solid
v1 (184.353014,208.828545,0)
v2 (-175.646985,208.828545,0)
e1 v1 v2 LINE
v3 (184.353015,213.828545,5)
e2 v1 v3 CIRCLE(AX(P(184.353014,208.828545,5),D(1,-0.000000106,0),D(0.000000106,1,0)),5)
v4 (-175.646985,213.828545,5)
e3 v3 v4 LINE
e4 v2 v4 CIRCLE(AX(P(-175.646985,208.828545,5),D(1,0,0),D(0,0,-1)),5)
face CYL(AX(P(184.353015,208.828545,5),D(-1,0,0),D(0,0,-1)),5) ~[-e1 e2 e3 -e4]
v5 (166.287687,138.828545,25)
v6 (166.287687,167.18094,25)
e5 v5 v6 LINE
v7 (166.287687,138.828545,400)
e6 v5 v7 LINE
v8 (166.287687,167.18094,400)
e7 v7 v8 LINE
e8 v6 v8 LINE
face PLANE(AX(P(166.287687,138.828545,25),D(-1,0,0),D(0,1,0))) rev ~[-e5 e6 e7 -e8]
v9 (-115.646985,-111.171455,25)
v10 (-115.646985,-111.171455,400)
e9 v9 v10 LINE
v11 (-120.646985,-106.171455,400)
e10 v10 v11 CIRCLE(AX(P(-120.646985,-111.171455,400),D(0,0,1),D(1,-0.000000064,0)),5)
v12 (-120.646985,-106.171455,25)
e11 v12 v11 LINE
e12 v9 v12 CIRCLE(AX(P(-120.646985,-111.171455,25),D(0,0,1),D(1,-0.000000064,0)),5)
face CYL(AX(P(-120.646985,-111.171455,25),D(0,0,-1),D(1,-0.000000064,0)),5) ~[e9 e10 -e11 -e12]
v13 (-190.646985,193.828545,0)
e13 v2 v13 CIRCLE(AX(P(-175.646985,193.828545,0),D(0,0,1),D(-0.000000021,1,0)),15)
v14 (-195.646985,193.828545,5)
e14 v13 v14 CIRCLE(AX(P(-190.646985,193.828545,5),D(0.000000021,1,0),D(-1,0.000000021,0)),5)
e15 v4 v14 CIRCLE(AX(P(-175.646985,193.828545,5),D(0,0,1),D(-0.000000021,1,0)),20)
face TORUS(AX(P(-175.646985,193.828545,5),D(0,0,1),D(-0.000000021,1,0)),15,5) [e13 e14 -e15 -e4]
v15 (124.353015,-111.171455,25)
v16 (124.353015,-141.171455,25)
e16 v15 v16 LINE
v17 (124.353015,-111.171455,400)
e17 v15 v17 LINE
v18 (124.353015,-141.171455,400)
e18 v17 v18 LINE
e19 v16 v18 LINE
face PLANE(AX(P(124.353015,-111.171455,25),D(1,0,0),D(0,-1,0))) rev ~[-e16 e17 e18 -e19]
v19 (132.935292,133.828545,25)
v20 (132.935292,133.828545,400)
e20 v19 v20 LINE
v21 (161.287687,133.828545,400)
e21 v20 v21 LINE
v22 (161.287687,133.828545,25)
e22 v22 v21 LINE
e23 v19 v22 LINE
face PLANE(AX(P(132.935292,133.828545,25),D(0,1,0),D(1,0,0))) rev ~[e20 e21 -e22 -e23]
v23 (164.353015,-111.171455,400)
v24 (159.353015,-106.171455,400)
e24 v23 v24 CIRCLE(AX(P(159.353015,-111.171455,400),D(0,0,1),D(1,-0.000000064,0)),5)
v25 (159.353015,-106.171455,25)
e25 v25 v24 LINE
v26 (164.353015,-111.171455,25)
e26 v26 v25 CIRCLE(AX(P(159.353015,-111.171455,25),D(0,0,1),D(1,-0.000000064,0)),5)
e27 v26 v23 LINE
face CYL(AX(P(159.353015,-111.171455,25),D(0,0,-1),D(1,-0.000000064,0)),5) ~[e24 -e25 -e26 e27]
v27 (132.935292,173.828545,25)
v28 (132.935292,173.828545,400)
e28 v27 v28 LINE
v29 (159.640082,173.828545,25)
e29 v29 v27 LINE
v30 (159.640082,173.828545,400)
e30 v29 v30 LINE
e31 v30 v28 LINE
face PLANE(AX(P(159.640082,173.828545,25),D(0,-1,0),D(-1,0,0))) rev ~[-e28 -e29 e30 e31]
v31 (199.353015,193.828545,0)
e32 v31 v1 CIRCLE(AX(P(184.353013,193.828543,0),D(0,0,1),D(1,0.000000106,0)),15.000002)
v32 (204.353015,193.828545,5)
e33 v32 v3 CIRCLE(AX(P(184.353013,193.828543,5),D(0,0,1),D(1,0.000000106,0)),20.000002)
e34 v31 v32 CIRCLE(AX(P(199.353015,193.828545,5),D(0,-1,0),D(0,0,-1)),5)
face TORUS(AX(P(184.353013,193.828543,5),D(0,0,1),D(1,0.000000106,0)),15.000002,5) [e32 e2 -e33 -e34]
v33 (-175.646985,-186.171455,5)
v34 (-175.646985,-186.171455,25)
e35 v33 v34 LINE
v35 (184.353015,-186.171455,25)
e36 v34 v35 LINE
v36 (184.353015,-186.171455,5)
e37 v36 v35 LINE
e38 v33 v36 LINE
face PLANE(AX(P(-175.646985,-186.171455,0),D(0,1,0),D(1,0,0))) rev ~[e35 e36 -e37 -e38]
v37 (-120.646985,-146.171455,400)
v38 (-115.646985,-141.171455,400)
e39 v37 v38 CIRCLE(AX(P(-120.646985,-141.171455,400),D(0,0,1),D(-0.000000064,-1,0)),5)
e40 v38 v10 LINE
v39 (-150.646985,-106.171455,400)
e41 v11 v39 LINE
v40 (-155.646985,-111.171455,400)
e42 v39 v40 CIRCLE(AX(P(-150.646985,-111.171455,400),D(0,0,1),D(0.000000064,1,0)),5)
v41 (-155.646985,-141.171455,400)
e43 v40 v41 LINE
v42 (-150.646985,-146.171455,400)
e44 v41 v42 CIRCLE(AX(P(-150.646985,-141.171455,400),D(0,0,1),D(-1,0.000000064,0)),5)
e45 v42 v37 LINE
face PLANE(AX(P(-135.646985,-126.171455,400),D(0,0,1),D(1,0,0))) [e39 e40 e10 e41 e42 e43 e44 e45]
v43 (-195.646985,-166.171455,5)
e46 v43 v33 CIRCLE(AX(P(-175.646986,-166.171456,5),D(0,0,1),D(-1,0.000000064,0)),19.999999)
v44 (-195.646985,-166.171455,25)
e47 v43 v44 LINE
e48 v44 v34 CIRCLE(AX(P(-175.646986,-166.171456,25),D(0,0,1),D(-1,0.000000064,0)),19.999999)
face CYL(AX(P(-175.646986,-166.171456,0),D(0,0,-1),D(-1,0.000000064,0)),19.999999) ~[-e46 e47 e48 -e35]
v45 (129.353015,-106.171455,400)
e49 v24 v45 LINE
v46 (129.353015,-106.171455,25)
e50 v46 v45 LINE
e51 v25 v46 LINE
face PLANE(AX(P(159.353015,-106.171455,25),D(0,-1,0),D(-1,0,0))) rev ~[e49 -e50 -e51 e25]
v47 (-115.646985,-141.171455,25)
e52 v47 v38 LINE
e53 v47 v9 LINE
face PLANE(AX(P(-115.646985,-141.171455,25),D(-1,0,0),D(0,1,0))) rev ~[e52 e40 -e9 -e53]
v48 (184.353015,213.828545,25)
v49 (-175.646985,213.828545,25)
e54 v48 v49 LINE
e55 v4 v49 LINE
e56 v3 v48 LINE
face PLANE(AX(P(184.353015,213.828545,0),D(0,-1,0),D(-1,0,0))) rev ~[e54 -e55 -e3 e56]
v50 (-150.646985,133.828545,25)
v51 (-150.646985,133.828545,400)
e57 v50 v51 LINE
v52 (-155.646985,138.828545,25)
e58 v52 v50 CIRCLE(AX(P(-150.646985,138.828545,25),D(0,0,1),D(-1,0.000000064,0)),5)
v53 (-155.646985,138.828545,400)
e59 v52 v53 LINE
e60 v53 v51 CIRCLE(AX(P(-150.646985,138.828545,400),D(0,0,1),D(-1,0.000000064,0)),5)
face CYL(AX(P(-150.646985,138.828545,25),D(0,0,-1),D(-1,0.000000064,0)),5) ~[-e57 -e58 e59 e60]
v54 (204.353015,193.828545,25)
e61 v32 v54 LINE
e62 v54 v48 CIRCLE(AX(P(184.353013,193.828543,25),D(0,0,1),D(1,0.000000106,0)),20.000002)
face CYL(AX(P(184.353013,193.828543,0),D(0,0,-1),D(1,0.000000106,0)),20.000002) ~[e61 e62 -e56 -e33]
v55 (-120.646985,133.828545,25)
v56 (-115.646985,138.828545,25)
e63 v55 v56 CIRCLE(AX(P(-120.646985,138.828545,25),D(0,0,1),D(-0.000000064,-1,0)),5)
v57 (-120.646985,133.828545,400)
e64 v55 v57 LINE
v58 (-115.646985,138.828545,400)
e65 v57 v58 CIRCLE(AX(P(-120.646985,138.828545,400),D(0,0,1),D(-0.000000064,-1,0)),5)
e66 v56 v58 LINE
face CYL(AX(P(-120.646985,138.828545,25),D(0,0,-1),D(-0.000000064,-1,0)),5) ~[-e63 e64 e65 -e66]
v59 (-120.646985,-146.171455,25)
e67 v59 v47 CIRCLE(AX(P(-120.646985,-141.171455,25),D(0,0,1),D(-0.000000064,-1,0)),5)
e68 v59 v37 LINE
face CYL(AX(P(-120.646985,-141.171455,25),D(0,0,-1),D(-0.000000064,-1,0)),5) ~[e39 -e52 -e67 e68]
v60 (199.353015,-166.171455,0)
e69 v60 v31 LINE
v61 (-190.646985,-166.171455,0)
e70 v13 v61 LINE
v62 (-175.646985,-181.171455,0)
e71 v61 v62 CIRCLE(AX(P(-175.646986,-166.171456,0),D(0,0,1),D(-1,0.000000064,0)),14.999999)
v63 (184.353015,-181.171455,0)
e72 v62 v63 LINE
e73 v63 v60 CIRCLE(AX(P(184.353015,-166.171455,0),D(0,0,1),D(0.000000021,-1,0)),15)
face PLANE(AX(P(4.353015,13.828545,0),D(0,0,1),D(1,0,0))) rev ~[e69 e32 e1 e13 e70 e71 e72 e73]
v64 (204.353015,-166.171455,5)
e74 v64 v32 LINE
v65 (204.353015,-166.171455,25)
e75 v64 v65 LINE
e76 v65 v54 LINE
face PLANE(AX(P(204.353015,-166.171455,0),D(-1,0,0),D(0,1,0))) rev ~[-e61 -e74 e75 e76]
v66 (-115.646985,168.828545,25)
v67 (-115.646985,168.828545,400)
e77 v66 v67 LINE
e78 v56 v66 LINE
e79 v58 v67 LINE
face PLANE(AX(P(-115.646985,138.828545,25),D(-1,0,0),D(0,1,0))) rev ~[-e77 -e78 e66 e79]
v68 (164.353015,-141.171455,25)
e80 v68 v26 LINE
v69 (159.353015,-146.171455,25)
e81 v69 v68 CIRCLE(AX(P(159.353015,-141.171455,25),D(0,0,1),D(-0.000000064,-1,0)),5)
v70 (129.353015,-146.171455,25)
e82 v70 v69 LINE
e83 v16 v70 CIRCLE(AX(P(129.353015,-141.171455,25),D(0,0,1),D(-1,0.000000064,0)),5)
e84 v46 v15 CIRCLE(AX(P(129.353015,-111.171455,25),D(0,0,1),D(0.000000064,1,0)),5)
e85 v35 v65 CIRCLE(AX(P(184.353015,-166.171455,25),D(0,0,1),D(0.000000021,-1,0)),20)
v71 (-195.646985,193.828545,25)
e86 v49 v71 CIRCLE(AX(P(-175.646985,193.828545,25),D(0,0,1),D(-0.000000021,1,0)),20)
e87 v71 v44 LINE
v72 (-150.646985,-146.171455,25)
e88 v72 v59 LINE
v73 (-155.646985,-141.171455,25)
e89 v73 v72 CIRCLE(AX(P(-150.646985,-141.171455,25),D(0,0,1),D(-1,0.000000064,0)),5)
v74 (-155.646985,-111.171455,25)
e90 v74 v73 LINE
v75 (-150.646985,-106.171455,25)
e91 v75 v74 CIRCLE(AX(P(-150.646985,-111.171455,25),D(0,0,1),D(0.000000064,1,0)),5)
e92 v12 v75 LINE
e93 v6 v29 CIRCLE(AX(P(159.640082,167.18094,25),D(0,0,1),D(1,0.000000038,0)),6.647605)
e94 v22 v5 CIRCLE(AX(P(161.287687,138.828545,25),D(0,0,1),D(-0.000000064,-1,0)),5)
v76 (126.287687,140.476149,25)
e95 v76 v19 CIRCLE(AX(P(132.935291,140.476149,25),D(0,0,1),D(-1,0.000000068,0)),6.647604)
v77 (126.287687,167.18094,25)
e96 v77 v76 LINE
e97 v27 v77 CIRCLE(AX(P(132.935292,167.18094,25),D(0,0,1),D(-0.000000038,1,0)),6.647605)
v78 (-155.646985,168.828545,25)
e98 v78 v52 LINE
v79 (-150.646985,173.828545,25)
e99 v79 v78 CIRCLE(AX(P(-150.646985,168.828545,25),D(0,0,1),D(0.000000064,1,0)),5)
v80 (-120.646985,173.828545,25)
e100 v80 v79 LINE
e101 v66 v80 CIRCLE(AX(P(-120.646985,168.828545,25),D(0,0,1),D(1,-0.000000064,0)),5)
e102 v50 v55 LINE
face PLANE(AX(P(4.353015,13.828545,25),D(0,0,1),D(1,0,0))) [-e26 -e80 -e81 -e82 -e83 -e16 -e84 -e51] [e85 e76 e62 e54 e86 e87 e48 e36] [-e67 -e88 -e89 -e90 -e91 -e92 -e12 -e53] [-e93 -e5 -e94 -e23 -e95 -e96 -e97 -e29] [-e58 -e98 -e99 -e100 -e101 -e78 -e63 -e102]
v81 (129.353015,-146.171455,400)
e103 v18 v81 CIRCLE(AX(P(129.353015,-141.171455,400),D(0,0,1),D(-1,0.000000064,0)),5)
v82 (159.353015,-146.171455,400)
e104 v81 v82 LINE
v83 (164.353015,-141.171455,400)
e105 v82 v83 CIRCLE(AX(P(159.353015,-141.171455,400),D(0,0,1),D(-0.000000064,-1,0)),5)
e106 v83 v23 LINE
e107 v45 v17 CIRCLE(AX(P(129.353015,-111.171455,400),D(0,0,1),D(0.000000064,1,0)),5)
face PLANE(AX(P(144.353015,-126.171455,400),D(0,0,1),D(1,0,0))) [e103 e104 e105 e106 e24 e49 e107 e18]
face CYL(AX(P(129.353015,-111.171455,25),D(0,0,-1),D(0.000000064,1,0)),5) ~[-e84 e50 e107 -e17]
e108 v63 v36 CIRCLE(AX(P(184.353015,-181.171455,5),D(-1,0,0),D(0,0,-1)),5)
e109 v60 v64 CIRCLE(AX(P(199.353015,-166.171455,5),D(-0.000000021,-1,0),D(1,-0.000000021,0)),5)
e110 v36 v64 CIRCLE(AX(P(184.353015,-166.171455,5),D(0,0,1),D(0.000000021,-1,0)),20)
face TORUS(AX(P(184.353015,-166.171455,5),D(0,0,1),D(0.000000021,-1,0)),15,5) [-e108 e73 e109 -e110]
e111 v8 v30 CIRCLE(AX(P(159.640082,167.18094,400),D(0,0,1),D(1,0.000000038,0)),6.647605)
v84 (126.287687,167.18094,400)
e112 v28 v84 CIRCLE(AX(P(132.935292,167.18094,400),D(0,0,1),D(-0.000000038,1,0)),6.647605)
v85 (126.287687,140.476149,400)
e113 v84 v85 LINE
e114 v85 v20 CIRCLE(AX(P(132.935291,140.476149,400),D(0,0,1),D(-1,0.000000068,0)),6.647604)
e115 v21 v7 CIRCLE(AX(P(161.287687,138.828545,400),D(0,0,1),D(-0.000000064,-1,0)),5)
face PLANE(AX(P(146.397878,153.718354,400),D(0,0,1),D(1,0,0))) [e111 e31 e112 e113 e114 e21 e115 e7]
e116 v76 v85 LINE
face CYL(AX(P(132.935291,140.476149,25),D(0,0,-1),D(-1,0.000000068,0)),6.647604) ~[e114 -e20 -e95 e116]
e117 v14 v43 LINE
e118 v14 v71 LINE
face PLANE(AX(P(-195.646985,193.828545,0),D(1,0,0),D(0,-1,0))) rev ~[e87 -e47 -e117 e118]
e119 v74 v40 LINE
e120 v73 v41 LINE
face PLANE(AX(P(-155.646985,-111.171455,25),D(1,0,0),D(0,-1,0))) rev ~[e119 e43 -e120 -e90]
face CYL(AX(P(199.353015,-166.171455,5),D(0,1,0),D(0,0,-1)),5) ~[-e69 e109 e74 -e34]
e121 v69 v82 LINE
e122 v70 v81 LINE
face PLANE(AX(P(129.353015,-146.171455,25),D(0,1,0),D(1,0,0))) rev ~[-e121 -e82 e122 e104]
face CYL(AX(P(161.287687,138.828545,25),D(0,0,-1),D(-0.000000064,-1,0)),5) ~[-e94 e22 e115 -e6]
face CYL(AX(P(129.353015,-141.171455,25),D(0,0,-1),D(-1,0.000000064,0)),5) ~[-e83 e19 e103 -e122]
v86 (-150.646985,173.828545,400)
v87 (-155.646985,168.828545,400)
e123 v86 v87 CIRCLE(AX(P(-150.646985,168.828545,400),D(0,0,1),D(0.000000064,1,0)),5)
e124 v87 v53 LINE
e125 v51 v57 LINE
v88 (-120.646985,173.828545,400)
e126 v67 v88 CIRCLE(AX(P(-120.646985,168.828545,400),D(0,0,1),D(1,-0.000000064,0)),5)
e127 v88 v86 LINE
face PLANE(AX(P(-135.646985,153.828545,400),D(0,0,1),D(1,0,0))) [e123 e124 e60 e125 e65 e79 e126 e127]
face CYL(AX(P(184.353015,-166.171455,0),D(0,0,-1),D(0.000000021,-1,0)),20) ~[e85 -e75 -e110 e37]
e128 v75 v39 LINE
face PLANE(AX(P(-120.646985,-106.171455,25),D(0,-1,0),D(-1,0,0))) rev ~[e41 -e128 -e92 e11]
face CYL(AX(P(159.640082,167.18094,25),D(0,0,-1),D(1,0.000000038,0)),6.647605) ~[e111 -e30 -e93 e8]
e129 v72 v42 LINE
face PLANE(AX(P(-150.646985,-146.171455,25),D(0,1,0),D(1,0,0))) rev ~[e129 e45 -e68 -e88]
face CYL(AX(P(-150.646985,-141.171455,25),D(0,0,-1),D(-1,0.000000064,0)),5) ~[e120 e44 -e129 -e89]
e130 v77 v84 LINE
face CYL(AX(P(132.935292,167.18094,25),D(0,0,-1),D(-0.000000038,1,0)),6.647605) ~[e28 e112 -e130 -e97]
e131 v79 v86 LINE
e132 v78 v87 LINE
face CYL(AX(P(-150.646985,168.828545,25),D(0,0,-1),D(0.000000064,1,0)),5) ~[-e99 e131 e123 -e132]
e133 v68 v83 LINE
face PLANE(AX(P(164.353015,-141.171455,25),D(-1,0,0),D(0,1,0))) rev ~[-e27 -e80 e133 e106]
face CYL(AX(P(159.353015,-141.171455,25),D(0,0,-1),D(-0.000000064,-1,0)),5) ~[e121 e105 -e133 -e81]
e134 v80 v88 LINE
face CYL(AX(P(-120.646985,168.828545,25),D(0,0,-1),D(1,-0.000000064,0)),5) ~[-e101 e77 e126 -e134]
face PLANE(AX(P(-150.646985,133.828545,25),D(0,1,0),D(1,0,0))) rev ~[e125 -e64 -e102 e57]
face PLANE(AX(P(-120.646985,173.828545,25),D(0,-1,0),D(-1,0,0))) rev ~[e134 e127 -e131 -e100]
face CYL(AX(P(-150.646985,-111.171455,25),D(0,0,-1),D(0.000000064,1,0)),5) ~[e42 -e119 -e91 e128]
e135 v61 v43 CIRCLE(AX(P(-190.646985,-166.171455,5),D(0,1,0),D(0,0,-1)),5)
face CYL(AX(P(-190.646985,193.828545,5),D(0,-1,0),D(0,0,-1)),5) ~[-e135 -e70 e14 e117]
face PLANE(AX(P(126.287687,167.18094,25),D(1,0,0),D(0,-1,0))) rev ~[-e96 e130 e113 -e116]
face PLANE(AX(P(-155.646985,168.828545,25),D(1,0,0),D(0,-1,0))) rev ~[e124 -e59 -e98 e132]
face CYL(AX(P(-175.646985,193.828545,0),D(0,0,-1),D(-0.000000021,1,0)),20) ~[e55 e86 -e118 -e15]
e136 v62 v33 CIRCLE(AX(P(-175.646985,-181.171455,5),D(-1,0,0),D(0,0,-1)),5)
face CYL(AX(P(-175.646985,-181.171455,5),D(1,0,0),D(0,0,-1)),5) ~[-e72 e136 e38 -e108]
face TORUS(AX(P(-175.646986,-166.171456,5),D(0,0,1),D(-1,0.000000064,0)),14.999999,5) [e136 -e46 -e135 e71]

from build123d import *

# Parameters (mm, degrees)
F1_DEPTH = 25
F6_DEPTH = 375
F7_R     = 5


with BuildPart() as f1:
    # F0 (on Top) → F1 (new body)
    with BuildSketch(Plane.XY):
        with BuildLine():
            Line((184.353015, 213.828545), (-175.646985, 213.828545))
            ThreePointArc((-175.646985, 213.828545), (-189.789121, 207.97068), (-195.646985, 193.828545))
            Line((-195.646985, 193.828545), (-195.646985, -166.171455))
            ThreePointArc((-195.646985, -166.171455), (-189.789121, -180.313591), (-175.646985, -186.171455))
            Line((-175.646985, -186.171455), (184.353015, -186.171455))
            ThreePointArc((184.353015, -186.171455), (198.49515, -180.313591), (204.353015, -166.171455))
            Line((204.353015, -166.171455), (204.353015, 193.828545))
            ThreePointArc((204.353015, 193.828545), (198.49515, 207.97068), (184.353015, 213.828545))
        make_face()
    extrude(amount=F1_DEPTH)

    # F2 (on face) + F3 (on face) + F4 (on face) + F5 (on face) → F6 (join)
    with BuildSketch(Plane.XY.offset(25)):
        with BuildLine():
            Line((-120.646985, 173.828545), (-150.646985, 173.828545))
            ThreePointArc((-150.646985, 173.828545), (-154.182519, 172.364079), (-155.646985, 168.828545))
            Line((-155.646985, 168.828545), (-155.646985, 138.828545))
            ThreePointArc((-155.646985, 138.828545), (-154.182519, 135.293011), (-150.646985, 133.828545))
            Line((-150.646985, 133.828545), (-120.646985, 133.828545))
            ThreePointArc((-120.646985, 133.828545), (-117.111451, 135.293011), (-115.646985, 138.828545))
            Line((-115.646985, 138.828545), (-115.646985, 168.828545))
            ThreePointArc((-115.646985, 168.828545), (-117.111451, 172.364079), (-120.646985, 173.828545))
        make_face()
    with BuildSketch(Plane.XY.offset(25)):
        with BuildLine():
            Line((-120.646985, -106.171455), (-150.646985, -106.171455))
            ThreePointArc((-150.646985, -106.171455), (-154.182519, -107.635921), (-155.646985, -111.171455))
            Line((-155.646985, -111.171455), (-155.646985, -141.171455))
            ThreePointArc((-155.646985, -141.171455), (-154.182519, -144.706989), (-150.646985, -146.171455))
            Line((-150.646985, -146.171455), (-120.646985, -146.171455))
            ThreePointArc((-120.646985, -146.171455), (-117.111451, -144.706989), (-115.646985, -141.171455))
            Line((-115.646985, -141.171455), (-115.646985, -111.171455))
            ThreePointArc((-115.646985, -111.171455), (-117.111451, -107.635921), (-120.646985, -106.171455))
        make_face()
    with BuildSketch(Plane.XY.offset(25)):
        with BuildLine():
            Line((159.640082, 173.828545), (132.935292, 173.828545))
            ThreePointArc((132.935292, 173.828545), (128.234725, 171.881506), (126.287687, 167.18094))
            Line((126.287687, 167.18094), (126.287687, 140.476149))
            ThreePointArc((126.287687, 140.476149), (128.234725, 135.775583), (132.935292, 133.828545))
            Line((132.935292, 133.828545), (161.287687, 133.828545))
            ThreePointArc((161.287687, 133.828545), (164.823221, 135.293011), (166.287687, 138.828545))
            Line((166.287687, 138.828545), (166.287687, 167.18094))
            ThreePointArc((166.287687, 167.18094), (164.340649, 171.881506), (159.640082, 173.828545))
        make_face()
    with BuildSketch(Plane.XY.offset(25)):
        with BuildLine():
            Line((159.353015, -106.171455), (129.353015, -106.171455))
            ThreePointArc((129.353015, -106.171455), (125.817481, -107.635921), (124.353015, -111.171455))
            Line((124.353015, -111.171455), (124.353015, -141.171455))
            ThreePointArc((124.353015, -141.171455), (125.817481, -144.706989), (129.353015, -146.171455))
            Line((129.353015, -146.171455), (159.353015, -146.171455))
            ThreePointArc((159.353015, -146.171455), (162.888549, -144.706989), (164.353015, -141.171455))
            Line((164.353015, -141.171455), (164.353015, -111.171455))
            ThreePointArc((164.353015, -111.171455), (162.888549, -107.635921), (159.353015, -106.171455))
        make_face()
    extrude(amount=F6_DEPTH)

    # F7
    f7_edges = [f1.edges().sort_by_distance(p)[0] for p in [
        (4.353015, -186.171455, 0),
    ]]
    fillet(f7_edges, radius=F7_R)


solid = f1.part
